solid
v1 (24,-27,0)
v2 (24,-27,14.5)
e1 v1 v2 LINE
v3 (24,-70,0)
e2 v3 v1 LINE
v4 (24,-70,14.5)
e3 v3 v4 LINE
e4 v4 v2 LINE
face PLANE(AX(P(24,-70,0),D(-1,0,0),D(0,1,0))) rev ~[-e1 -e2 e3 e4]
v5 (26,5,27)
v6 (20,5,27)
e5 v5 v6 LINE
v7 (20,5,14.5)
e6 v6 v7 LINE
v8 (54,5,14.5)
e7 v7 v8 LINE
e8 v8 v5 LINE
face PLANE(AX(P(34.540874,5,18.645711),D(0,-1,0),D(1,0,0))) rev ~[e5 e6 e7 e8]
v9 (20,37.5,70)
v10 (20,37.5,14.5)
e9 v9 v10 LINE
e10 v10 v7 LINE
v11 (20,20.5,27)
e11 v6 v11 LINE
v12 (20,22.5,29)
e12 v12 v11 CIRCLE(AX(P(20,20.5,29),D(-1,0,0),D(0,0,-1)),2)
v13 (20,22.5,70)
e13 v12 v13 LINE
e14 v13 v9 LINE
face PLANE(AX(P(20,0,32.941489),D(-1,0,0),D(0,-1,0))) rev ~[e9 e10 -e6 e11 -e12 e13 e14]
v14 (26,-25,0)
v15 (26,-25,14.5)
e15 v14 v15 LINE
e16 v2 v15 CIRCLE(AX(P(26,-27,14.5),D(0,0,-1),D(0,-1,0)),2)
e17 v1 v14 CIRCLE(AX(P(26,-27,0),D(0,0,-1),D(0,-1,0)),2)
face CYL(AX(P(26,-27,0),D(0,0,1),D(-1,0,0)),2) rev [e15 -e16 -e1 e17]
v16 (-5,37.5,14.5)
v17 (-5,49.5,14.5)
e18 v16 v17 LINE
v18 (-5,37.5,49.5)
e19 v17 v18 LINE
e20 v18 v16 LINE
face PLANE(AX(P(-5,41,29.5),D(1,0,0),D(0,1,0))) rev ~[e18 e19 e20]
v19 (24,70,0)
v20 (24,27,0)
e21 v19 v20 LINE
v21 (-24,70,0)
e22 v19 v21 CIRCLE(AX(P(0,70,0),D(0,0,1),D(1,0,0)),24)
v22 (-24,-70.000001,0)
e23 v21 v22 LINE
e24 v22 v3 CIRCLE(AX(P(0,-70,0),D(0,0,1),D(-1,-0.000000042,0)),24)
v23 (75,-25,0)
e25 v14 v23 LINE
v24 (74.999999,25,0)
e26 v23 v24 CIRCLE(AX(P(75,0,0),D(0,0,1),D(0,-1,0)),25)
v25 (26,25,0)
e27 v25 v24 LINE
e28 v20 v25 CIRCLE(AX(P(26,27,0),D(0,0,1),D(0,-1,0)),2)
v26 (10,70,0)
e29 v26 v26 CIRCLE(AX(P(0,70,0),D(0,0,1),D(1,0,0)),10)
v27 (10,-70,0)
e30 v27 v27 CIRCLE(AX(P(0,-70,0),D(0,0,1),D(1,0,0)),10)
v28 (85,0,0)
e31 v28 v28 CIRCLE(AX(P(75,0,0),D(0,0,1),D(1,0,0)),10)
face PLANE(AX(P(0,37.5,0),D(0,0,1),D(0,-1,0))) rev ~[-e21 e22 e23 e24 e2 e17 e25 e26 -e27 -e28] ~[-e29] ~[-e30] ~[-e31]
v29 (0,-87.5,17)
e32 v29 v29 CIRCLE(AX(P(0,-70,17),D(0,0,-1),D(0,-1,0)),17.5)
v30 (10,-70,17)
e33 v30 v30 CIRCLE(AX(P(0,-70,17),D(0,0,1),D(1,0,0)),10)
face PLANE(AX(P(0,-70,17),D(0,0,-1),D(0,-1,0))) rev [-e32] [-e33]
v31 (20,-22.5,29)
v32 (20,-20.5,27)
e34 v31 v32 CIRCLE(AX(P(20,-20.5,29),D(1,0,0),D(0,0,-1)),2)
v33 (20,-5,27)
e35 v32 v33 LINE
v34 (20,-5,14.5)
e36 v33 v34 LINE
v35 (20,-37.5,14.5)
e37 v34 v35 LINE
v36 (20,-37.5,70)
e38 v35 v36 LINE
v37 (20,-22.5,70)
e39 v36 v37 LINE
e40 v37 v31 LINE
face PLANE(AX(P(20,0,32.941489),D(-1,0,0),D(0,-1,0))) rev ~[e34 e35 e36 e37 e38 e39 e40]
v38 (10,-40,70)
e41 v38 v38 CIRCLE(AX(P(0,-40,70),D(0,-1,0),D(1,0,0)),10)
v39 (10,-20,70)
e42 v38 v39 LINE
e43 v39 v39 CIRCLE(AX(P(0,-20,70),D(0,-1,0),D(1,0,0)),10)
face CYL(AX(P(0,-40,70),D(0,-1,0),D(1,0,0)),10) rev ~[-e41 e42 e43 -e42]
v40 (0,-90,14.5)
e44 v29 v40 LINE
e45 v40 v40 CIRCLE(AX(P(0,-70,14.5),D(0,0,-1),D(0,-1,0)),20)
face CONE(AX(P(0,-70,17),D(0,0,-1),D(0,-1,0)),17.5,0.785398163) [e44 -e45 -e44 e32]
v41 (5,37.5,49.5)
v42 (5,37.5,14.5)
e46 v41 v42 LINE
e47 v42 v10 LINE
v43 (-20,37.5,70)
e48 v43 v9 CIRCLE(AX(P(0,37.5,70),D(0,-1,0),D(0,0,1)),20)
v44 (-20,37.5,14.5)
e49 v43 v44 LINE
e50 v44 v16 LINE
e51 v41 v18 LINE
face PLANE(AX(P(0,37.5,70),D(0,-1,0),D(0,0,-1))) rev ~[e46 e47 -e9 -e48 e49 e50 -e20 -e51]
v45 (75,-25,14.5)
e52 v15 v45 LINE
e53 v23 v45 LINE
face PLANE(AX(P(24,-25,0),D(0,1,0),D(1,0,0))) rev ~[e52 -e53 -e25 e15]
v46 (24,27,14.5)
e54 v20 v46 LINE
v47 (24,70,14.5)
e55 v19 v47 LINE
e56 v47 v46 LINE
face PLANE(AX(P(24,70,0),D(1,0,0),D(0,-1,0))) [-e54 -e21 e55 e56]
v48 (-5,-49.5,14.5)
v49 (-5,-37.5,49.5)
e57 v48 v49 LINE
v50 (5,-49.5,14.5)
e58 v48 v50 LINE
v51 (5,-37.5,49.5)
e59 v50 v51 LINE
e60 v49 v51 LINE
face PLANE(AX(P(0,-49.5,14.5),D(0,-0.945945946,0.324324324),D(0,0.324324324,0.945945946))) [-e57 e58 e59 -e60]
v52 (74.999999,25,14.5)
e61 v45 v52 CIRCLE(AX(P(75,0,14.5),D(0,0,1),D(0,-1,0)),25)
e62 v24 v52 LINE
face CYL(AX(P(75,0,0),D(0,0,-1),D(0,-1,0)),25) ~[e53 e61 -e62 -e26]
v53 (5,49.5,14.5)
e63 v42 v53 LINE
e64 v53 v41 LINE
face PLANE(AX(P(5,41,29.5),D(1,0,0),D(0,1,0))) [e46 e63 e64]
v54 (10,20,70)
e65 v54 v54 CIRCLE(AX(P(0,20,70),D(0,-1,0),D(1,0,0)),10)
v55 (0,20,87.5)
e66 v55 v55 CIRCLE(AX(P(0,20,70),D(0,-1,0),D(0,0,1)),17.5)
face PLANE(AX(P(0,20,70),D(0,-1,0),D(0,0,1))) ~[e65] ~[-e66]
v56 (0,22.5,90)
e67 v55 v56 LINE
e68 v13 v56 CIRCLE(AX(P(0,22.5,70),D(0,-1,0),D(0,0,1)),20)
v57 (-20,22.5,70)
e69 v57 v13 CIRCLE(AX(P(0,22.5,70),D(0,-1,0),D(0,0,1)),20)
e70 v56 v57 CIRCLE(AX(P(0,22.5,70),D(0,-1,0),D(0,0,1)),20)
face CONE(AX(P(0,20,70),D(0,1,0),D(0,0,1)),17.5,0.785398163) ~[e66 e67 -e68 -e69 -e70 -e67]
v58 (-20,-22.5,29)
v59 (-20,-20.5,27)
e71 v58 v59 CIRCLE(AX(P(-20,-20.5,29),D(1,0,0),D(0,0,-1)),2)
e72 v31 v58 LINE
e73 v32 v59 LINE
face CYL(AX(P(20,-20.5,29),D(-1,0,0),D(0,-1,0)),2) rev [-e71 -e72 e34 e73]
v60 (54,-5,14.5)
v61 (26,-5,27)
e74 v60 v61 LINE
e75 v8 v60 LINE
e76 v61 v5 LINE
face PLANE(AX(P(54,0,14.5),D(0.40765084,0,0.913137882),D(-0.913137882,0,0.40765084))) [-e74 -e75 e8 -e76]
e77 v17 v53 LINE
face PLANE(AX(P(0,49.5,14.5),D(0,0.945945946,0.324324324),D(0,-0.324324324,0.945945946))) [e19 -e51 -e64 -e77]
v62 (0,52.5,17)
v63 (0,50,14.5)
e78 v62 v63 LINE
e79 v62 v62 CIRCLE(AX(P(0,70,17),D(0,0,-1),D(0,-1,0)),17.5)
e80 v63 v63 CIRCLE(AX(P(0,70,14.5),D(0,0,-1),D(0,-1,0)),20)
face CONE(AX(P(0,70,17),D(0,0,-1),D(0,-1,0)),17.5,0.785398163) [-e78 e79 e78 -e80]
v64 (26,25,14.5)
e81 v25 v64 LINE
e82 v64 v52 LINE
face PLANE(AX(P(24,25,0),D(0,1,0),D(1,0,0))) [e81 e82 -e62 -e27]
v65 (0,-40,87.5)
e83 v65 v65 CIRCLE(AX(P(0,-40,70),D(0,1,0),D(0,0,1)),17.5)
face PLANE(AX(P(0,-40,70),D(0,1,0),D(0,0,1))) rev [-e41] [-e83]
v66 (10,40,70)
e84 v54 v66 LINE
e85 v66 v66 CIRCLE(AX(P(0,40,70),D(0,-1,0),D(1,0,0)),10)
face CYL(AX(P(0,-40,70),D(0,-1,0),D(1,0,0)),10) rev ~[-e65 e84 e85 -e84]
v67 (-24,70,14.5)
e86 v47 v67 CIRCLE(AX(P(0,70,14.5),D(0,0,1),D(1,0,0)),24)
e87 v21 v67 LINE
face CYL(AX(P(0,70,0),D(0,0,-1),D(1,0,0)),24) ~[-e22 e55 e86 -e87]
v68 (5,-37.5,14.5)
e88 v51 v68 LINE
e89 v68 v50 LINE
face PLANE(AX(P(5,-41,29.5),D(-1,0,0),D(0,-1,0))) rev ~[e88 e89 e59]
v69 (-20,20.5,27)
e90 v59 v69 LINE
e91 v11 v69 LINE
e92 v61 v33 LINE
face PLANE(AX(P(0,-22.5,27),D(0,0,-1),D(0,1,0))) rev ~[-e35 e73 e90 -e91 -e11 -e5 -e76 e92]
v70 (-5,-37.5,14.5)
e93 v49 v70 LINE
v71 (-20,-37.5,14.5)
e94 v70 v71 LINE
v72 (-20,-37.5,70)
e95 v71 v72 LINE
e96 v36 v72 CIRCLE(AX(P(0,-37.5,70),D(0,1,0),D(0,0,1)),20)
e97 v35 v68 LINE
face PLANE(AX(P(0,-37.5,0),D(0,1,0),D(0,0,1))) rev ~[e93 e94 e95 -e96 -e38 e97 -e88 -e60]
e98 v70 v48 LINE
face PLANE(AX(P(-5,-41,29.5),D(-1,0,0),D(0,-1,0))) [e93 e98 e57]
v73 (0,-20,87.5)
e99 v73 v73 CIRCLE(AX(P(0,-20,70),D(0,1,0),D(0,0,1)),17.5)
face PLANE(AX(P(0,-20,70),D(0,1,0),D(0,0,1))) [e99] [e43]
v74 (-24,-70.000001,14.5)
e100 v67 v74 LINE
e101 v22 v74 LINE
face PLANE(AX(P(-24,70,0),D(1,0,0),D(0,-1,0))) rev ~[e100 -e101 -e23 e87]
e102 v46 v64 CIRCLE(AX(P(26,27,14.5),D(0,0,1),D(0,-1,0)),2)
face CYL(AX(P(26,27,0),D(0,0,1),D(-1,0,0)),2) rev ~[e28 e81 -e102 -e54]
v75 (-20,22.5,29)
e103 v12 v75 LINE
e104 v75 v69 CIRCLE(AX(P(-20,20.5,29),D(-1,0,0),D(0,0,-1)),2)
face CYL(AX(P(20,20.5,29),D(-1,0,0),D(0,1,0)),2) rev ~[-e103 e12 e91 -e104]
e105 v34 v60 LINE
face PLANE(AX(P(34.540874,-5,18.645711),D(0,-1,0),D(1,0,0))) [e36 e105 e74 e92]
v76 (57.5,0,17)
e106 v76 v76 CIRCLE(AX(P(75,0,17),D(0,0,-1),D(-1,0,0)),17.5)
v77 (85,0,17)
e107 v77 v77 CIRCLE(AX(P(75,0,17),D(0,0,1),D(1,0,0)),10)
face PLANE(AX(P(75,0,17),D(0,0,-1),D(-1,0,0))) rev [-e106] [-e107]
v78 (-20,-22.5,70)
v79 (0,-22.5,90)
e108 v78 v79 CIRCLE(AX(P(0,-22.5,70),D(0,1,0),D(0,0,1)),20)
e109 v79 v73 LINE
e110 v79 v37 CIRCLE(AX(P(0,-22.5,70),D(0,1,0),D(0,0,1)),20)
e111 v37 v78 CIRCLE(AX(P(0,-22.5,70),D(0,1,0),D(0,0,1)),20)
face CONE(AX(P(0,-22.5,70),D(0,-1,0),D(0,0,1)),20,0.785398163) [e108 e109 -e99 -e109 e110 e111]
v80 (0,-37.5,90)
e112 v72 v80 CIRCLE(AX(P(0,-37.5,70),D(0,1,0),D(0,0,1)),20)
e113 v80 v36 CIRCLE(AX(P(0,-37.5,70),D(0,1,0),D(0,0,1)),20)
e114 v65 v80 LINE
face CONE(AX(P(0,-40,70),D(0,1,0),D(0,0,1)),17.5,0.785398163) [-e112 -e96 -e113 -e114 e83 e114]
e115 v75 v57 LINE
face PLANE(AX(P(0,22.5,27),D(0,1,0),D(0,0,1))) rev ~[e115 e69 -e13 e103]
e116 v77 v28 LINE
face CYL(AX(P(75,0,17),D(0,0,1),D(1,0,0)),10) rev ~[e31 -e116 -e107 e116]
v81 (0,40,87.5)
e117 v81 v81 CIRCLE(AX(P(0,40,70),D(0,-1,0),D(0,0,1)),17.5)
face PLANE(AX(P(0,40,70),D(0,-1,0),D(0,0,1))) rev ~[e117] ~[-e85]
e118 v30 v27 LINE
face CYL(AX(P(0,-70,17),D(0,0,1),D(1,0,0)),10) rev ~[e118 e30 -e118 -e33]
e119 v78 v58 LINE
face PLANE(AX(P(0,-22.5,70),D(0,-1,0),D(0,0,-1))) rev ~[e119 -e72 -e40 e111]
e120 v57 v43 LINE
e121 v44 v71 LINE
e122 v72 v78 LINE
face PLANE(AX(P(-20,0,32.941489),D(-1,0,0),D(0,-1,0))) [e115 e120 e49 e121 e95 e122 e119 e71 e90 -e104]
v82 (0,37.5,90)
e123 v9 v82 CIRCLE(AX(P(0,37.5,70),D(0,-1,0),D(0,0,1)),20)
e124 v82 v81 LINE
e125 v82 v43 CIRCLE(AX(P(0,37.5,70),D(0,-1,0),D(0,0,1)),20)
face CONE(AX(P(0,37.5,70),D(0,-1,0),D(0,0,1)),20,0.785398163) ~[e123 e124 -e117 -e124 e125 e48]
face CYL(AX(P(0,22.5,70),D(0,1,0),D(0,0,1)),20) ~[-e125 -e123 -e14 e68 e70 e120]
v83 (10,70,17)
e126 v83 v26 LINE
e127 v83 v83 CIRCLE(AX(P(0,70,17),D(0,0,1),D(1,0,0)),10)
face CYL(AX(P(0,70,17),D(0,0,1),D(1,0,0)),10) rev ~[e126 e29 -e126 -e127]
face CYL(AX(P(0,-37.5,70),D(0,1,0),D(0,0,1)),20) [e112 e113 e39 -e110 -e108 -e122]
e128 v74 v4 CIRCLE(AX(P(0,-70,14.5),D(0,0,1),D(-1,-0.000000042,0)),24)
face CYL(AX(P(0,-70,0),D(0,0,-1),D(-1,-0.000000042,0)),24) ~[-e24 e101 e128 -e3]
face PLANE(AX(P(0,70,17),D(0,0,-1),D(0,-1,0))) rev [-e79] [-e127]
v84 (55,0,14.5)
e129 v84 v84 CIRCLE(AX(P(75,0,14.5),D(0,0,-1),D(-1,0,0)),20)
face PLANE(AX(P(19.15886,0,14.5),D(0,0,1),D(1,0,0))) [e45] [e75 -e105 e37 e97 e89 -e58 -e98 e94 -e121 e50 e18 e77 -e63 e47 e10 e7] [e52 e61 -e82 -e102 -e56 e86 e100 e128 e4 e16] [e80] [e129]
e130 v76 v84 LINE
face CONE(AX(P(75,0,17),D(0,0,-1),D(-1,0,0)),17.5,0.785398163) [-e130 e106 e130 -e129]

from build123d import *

# Parameters (mm, degrees)
PAD002_DEPTH    = 5
PAD001_DEPTH    = 20
PAD003_DEPTH    = 5
PAD_DEPTH       = 14.5
SKETCH009_R     = 10
POCKET_DEPTH    = 134.001
SKETCH010_R     = 10
POCKET001_DEPTH = 17.001
SKETCH011_R     = 10
POCKET002_DEPTH = 17.001
FILLET_R        = 2


with BuildPart() as revolution001:
    # Sketch005 → Revolution001 (revolve)
    with BuildSketch(Plane.YZ):
        Polygon((20, 70), (20, 87.5), (22.5, 90), (37.5, 90), (40, 87.5), (40, 70), align=None)
    revolve(axis=Axis((0, 20, 70), (0, -1, 0)))


with BuildPart() as pad002:
    # Sketch002 → Pad002 (new body, symmetric)
    with BuildSketch(Plane.YZ):
        Polygon((-37.5, 49.5), (-37.5, 14.5), (-49.5, 14.5), align=None)
        Polygon((37.5, 14.5), (49.5, 14.5), (37.5, 49.5), align=None)
    extrude(amount=PAD002_DEPTH, both=True)


with BuildPart() as pad001:
    # Sketch001 → Pad001 (new body, symmetric)
    with BuildSketch(Plane.YZ):
        Polygon((-37.5, 0), (-37.5, 70), (-22.5, 70), (-22.5, 27), (22.5, 27), (22.5, 70), (37.5, 70), (37.5, 0), align=None)
    extrude(amount=PAD001_DEPTH, both=True)


with BuildPart() as revolution004:
    # Sketch008 → Revolution004 (revolve)
    with BuildSketch(Plane.XZ):
        Polygon((55, 14.5), (75, 14.5), (75, 17), (57.5, 17), align=None)
    revolve(axis=Axis((75, 0, 14.5), (0, 0, -1)))


with BuildPart() as pad003:
    # Sketch003 → Pad003 (new body, symmetric)
    with BuildSketch(Plane.XZ):
        Polygon((20, 27), (20, 14.5), (54, 14.5), (26, 27), align=None)
    extrude(amount=PAD003_DEPTH, both=True)


with BuildPart() as revolution003:
    # Sketch007 → Revolution003 (revolve)
    with BuildSketch(Plane.YZ):
        Polygon((50, 14.5), (70, 14.5), (70, 17), (52.5, 17), align=None)
    revolve(axis=Axis((0, 70, 14.5), (0, 0, -1)))


with BuildPart() as revolution002:
    # Sketch006 → Revolution002 (revolve)
    with BuildSketch(Plane.YZ):
        Polygon((-90, 14.5), (-70, 14.5), (-70, 17), (-87.5, 17), align=None)
    revolve(axis=Axis((0, -70, 14.132615), (0, 0, -1)))


with BuildPart() as revolution:
    # Sketch004 → Revolution (revolve)
    with BuildSketch(Plane.YZ):
        Polygon((-40, 70), (-40, 87.5), (-37.5, 90), (-22.5, 90), (-20, 87.5), (-20, 70), align=None)
    revolve(axis=Axis((0, -20, 70), (0, 1, 0)))


with BuildPart() as fillet_body:
    # Sketch → Pad (new body)
    with BuildSketch(Plane.XY):
        with BuildLine():
            Line((-24, 70), (-24, -70.000001))
            ThreePointArc((-24, -70.000001), (1e-06, -94), (24, -70))
            Line((24, -70), (24, -25))
            Line((24, -25), (75, -25))
            ThreePointArc((75, -25), (100, 0), (74.999999, 25))
            Line((24, 25), (74.999999, 25))
            Line((24, 70), (24, 25))
            ThreePointArc((24, 70), (0, 94), (-24, 70))
        make_face()
    extrude(amount=PAD_DEPTH)

    # Fusion: union Revolution001, Pad002, Pad001, Revolution004, Pad003, Revolution003, Revolution002, Revolution
    add(revolution001.part)
    add(pad002.part)
    add(pad001.part)
    add(revolution004.part)
    add(pad003.part)
    add(revolution003.part)
    add(revolution002.part)
    add(revolution.part)

    # Sketch009 → Pocket (cut, through all)
    with BuildSketch(Plane.XZ.offset(40)):
        with Locations((0, 70)):
            Circle(SKETCH009_R)
    extrude(amount=-POCKET_DEPTH, mode=Mode.SUBTRACT)

    # Sketch010 → Pocket001 (cut, through all)
    with BuildSketch(Plane.XY.offset(17)):
        with Locations((0, 70)):
            Circle(SKETCH010_R)
        with Locations((0, -70)):
            Circle(SKETCH010_R)
    extrude(amount=-POCKET001_DEPTH, mode=Mode.SUBTRACT)

    # Sketch011 → Pocket002 (cut, through all)
    with BuildSketch(Plane.XY.offset(17)):
        with Locations((75, 0)):
            Circle(SKETCH011_R)
    extrude(amount=-POCKET002_DEPTH, mode=Mode.SUBTRACT)

    # Fillet
    fillet_edges = [fillet_body.edges().sort_by_distance(p)[0] for p in [
        (0, 22.5, 27),
        (24, -25, 7.25),
        (24, 25, 7.25),
        (0, -22.5, 27),
    ]]
    fillet(fillet_edges, radius=FILLET_R)


solid = fillet_body.part
